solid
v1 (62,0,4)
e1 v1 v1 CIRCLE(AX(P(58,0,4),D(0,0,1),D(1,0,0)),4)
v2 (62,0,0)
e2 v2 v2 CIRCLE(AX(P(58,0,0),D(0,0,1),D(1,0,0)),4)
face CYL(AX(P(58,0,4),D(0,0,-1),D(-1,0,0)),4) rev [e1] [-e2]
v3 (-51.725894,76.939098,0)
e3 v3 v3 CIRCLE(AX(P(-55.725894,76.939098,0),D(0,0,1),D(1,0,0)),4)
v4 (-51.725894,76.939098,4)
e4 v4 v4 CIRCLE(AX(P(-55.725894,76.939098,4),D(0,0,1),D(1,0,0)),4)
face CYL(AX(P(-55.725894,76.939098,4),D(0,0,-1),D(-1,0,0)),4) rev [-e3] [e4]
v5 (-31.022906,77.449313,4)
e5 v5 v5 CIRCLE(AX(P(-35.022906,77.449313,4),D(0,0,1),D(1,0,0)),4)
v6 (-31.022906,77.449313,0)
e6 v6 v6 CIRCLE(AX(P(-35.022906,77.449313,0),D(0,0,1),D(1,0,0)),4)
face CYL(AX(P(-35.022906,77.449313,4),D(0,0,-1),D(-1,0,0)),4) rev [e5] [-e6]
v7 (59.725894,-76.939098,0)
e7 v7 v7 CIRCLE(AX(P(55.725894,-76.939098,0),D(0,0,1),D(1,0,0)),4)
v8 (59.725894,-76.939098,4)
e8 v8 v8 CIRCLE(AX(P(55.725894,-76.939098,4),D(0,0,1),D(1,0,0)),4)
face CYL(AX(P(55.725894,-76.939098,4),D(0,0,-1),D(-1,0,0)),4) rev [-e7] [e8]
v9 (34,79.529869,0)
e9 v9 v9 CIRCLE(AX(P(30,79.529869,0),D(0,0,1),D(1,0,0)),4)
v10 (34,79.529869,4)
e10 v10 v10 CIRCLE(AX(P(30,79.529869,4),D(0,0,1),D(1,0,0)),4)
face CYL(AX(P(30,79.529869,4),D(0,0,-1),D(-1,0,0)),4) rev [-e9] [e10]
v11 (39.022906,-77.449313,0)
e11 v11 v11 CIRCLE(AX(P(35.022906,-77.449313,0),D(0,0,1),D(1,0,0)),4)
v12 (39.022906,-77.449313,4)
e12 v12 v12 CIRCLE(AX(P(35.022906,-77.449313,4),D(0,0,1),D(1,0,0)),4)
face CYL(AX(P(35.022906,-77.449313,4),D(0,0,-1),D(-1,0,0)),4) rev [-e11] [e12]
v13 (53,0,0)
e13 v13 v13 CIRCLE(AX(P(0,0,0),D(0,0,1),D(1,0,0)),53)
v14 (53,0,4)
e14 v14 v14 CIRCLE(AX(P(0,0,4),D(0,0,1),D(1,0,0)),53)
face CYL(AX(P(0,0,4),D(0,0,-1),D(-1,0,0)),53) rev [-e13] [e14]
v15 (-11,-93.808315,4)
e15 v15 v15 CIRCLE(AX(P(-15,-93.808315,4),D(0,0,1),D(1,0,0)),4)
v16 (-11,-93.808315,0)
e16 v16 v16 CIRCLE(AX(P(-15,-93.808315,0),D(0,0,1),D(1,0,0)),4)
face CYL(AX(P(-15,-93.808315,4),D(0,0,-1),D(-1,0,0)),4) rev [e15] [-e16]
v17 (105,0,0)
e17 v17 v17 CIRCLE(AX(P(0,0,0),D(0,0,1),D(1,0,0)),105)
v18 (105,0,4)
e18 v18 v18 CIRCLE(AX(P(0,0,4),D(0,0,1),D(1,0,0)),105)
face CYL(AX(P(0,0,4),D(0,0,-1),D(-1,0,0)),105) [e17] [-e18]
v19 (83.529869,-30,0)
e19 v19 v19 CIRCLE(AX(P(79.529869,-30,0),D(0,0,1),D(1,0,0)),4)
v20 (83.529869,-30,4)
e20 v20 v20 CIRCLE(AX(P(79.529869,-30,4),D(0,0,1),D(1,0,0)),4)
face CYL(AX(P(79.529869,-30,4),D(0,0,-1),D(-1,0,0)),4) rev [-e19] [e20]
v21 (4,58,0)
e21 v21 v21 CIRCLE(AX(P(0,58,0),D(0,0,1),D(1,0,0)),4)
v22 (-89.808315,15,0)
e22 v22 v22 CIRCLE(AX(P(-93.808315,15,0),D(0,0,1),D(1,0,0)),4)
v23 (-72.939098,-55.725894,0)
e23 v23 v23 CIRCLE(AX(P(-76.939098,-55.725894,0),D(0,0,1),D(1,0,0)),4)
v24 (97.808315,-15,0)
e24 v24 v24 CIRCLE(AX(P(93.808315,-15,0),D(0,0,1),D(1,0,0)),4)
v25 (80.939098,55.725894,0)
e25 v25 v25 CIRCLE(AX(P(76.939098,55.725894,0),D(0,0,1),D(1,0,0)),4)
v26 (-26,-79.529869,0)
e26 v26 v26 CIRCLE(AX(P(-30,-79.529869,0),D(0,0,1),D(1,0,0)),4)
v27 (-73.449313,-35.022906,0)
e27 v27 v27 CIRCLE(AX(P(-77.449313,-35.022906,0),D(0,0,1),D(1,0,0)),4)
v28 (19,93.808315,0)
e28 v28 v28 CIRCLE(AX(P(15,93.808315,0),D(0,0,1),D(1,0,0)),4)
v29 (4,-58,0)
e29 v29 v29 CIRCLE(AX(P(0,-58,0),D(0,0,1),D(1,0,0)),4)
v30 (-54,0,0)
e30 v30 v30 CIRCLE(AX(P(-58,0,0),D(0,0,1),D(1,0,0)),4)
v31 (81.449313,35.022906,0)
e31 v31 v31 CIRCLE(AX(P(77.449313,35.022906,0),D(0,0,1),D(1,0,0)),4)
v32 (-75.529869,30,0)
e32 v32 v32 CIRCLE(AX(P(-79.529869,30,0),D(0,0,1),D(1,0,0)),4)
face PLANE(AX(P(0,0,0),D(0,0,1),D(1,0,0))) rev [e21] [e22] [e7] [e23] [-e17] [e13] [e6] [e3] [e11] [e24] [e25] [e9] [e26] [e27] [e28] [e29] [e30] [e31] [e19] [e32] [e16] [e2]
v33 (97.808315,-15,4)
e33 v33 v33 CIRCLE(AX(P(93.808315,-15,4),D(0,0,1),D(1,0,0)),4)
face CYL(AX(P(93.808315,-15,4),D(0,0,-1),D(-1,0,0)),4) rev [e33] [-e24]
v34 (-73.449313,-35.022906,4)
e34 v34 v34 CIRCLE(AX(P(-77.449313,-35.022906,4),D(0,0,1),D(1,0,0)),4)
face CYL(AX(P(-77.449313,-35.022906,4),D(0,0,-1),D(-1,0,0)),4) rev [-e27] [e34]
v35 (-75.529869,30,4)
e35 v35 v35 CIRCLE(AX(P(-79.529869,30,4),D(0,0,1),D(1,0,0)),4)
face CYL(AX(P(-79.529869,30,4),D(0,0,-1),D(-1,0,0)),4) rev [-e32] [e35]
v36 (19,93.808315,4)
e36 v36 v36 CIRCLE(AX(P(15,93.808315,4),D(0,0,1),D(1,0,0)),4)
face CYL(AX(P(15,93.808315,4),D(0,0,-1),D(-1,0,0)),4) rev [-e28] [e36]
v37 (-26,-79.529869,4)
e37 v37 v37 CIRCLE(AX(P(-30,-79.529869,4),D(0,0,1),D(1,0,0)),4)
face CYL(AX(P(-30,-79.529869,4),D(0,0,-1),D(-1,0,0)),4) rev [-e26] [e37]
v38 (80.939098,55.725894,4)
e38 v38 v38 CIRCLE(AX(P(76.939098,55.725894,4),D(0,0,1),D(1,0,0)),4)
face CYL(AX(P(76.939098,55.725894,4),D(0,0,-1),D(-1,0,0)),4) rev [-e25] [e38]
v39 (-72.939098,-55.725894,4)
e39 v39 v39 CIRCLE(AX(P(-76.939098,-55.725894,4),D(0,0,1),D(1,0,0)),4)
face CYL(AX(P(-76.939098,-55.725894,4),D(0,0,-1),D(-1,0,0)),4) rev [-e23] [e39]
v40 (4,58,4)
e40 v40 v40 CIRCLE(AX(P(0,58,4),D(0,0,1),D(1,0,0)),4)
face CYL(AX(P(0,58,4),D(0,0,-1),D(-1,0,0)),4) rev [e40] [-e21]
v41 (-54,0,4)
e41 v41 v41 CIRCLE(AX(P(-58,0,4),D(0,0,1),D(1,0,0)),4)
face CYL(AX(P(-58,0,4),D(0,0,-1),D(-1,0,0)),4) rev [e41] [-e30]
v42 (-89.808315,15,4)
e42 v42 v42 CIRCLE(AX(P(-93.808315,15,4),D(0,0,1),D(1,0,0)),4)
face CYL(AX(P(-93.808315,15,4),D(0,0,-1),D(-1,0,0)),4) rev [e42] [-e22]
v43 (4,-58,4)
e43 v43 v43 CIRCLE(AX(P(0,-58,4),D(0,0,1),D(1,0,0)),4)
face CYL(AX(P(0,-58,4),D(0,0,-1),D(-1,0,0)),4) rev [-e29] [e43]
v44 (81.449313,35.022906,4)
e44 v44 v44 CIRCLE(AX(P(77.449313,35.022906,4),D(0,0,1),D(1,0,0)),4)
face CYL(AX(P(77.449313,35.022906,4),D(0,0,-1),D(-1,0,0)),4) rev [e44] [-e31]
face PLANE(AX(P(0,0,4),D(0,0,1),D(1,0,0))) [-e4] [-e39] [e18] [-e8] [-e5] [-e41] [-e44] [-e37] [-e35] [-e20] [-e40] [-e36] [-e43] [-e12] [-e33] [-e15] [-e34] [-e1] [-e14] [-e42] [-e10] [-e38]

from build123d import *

# Parameters (mm, degrees)
SKETCH1_R           = 105
SKETCH1_R_2         = 53
SKETCH1_R_3         = 4
BOSS_EXTRUDE1_DEPTH = 4


with BuildPart() as part:
    # Sketch1 → Boss-Extrude1 (new body)
    with BuildSketch(Plane.XY):
        Circle(SKETCH1_R)
        Circle(SKETCH1_R_2, mode=Mode.SUBTRACT)
        with Locations((0, 58)):
            Circle(SKETCH1_R_3, mode=Mode.SUBTRACT)
        with Locations((30, 79.529868603)):
            Circle(SKETCH1_R_3, mode=Mode.SUBTRACT)
        with Locations((15, 93.808315196)):
            Circle(SKETCH1_R_3, mode=Mode.SUBTRACT)
        with Locations((58, 0)):
            Circle(SKETCH1_R_3, mode=Mode.SUBTRACT)
        with Locations((0, -58)):
            Circle(SKETCH1_R_3, mode=Mode.SUBTRACT)
        with Locations((-58, 0)):
            Circle(SKETCH1_R_3, mode=Mode.SUBTRACT)
        with Locations((77.449312832, 35.02290596)):
            Circle(SKETCH1_R_3, mode=Mode.SUBTRACT)
        with Locations((79.529868603, -30)):
            Circle(SKETCH1_R_3, mode=Mode.SUBTRACT)
        with Locations((35.02290596, -77.449312832)):
            Circle(SKETCH1_R_3, mode=Mode.SUBTRACT)
        with Locations((-30, -79.529868603)):
            Circle(SKETCH1_R_3, mode=Mode.SUBTRACT)
        with Locations((-77.449312832, -35.02290596)):
            Circle(SKETCH1_R_3, mode=Mode.SUBTRACT)
        with Locations((-79.529868603, 30)):
            Circle(SKETCH1_R_3, mode=Mode.SUBTRACT)
        with Locations((-35.02290596, 77.449312832)):
            Circle(SKETCH1_R_3, mode=Mode.SUBTRACT)
        with Locations((76.939097525, 55.725894089)):
            Circle(SKETCH1_R_3, mode=Mode.SUBTRACT)
        with Locations((93.808315196, -15)):
            Circle(SKETCH1_R_3, mode=Mode.SUBTRACT)
        with Locations((55.725894089, -76.939097525)):
            Circle(SKETCH1_R_3, mode=Mode.SUBTRACT)
        with Locations((-15, -93.808315196)):
            Circle(SKETCH1_R_3, mode=Mode.SUBTRACT)
        with Locations((-76.939097525, -55.725894089)):
            Circle(SKETCH1_R_3, mode=Mode.SUBTRACT)
        with Locations((-93.808315196, 15)):
            Circle(SKETCH1_R_3, mode=Mode.SUBTRACT)
        with Locations((-55.725894089, 76.939097525)):
            Circle(SKETCH1_R_3, mode=Mode.SUBTRACT)
    extrude(amount=BOSS_EXTRUDE1_DEPTH)


solid = part.part
